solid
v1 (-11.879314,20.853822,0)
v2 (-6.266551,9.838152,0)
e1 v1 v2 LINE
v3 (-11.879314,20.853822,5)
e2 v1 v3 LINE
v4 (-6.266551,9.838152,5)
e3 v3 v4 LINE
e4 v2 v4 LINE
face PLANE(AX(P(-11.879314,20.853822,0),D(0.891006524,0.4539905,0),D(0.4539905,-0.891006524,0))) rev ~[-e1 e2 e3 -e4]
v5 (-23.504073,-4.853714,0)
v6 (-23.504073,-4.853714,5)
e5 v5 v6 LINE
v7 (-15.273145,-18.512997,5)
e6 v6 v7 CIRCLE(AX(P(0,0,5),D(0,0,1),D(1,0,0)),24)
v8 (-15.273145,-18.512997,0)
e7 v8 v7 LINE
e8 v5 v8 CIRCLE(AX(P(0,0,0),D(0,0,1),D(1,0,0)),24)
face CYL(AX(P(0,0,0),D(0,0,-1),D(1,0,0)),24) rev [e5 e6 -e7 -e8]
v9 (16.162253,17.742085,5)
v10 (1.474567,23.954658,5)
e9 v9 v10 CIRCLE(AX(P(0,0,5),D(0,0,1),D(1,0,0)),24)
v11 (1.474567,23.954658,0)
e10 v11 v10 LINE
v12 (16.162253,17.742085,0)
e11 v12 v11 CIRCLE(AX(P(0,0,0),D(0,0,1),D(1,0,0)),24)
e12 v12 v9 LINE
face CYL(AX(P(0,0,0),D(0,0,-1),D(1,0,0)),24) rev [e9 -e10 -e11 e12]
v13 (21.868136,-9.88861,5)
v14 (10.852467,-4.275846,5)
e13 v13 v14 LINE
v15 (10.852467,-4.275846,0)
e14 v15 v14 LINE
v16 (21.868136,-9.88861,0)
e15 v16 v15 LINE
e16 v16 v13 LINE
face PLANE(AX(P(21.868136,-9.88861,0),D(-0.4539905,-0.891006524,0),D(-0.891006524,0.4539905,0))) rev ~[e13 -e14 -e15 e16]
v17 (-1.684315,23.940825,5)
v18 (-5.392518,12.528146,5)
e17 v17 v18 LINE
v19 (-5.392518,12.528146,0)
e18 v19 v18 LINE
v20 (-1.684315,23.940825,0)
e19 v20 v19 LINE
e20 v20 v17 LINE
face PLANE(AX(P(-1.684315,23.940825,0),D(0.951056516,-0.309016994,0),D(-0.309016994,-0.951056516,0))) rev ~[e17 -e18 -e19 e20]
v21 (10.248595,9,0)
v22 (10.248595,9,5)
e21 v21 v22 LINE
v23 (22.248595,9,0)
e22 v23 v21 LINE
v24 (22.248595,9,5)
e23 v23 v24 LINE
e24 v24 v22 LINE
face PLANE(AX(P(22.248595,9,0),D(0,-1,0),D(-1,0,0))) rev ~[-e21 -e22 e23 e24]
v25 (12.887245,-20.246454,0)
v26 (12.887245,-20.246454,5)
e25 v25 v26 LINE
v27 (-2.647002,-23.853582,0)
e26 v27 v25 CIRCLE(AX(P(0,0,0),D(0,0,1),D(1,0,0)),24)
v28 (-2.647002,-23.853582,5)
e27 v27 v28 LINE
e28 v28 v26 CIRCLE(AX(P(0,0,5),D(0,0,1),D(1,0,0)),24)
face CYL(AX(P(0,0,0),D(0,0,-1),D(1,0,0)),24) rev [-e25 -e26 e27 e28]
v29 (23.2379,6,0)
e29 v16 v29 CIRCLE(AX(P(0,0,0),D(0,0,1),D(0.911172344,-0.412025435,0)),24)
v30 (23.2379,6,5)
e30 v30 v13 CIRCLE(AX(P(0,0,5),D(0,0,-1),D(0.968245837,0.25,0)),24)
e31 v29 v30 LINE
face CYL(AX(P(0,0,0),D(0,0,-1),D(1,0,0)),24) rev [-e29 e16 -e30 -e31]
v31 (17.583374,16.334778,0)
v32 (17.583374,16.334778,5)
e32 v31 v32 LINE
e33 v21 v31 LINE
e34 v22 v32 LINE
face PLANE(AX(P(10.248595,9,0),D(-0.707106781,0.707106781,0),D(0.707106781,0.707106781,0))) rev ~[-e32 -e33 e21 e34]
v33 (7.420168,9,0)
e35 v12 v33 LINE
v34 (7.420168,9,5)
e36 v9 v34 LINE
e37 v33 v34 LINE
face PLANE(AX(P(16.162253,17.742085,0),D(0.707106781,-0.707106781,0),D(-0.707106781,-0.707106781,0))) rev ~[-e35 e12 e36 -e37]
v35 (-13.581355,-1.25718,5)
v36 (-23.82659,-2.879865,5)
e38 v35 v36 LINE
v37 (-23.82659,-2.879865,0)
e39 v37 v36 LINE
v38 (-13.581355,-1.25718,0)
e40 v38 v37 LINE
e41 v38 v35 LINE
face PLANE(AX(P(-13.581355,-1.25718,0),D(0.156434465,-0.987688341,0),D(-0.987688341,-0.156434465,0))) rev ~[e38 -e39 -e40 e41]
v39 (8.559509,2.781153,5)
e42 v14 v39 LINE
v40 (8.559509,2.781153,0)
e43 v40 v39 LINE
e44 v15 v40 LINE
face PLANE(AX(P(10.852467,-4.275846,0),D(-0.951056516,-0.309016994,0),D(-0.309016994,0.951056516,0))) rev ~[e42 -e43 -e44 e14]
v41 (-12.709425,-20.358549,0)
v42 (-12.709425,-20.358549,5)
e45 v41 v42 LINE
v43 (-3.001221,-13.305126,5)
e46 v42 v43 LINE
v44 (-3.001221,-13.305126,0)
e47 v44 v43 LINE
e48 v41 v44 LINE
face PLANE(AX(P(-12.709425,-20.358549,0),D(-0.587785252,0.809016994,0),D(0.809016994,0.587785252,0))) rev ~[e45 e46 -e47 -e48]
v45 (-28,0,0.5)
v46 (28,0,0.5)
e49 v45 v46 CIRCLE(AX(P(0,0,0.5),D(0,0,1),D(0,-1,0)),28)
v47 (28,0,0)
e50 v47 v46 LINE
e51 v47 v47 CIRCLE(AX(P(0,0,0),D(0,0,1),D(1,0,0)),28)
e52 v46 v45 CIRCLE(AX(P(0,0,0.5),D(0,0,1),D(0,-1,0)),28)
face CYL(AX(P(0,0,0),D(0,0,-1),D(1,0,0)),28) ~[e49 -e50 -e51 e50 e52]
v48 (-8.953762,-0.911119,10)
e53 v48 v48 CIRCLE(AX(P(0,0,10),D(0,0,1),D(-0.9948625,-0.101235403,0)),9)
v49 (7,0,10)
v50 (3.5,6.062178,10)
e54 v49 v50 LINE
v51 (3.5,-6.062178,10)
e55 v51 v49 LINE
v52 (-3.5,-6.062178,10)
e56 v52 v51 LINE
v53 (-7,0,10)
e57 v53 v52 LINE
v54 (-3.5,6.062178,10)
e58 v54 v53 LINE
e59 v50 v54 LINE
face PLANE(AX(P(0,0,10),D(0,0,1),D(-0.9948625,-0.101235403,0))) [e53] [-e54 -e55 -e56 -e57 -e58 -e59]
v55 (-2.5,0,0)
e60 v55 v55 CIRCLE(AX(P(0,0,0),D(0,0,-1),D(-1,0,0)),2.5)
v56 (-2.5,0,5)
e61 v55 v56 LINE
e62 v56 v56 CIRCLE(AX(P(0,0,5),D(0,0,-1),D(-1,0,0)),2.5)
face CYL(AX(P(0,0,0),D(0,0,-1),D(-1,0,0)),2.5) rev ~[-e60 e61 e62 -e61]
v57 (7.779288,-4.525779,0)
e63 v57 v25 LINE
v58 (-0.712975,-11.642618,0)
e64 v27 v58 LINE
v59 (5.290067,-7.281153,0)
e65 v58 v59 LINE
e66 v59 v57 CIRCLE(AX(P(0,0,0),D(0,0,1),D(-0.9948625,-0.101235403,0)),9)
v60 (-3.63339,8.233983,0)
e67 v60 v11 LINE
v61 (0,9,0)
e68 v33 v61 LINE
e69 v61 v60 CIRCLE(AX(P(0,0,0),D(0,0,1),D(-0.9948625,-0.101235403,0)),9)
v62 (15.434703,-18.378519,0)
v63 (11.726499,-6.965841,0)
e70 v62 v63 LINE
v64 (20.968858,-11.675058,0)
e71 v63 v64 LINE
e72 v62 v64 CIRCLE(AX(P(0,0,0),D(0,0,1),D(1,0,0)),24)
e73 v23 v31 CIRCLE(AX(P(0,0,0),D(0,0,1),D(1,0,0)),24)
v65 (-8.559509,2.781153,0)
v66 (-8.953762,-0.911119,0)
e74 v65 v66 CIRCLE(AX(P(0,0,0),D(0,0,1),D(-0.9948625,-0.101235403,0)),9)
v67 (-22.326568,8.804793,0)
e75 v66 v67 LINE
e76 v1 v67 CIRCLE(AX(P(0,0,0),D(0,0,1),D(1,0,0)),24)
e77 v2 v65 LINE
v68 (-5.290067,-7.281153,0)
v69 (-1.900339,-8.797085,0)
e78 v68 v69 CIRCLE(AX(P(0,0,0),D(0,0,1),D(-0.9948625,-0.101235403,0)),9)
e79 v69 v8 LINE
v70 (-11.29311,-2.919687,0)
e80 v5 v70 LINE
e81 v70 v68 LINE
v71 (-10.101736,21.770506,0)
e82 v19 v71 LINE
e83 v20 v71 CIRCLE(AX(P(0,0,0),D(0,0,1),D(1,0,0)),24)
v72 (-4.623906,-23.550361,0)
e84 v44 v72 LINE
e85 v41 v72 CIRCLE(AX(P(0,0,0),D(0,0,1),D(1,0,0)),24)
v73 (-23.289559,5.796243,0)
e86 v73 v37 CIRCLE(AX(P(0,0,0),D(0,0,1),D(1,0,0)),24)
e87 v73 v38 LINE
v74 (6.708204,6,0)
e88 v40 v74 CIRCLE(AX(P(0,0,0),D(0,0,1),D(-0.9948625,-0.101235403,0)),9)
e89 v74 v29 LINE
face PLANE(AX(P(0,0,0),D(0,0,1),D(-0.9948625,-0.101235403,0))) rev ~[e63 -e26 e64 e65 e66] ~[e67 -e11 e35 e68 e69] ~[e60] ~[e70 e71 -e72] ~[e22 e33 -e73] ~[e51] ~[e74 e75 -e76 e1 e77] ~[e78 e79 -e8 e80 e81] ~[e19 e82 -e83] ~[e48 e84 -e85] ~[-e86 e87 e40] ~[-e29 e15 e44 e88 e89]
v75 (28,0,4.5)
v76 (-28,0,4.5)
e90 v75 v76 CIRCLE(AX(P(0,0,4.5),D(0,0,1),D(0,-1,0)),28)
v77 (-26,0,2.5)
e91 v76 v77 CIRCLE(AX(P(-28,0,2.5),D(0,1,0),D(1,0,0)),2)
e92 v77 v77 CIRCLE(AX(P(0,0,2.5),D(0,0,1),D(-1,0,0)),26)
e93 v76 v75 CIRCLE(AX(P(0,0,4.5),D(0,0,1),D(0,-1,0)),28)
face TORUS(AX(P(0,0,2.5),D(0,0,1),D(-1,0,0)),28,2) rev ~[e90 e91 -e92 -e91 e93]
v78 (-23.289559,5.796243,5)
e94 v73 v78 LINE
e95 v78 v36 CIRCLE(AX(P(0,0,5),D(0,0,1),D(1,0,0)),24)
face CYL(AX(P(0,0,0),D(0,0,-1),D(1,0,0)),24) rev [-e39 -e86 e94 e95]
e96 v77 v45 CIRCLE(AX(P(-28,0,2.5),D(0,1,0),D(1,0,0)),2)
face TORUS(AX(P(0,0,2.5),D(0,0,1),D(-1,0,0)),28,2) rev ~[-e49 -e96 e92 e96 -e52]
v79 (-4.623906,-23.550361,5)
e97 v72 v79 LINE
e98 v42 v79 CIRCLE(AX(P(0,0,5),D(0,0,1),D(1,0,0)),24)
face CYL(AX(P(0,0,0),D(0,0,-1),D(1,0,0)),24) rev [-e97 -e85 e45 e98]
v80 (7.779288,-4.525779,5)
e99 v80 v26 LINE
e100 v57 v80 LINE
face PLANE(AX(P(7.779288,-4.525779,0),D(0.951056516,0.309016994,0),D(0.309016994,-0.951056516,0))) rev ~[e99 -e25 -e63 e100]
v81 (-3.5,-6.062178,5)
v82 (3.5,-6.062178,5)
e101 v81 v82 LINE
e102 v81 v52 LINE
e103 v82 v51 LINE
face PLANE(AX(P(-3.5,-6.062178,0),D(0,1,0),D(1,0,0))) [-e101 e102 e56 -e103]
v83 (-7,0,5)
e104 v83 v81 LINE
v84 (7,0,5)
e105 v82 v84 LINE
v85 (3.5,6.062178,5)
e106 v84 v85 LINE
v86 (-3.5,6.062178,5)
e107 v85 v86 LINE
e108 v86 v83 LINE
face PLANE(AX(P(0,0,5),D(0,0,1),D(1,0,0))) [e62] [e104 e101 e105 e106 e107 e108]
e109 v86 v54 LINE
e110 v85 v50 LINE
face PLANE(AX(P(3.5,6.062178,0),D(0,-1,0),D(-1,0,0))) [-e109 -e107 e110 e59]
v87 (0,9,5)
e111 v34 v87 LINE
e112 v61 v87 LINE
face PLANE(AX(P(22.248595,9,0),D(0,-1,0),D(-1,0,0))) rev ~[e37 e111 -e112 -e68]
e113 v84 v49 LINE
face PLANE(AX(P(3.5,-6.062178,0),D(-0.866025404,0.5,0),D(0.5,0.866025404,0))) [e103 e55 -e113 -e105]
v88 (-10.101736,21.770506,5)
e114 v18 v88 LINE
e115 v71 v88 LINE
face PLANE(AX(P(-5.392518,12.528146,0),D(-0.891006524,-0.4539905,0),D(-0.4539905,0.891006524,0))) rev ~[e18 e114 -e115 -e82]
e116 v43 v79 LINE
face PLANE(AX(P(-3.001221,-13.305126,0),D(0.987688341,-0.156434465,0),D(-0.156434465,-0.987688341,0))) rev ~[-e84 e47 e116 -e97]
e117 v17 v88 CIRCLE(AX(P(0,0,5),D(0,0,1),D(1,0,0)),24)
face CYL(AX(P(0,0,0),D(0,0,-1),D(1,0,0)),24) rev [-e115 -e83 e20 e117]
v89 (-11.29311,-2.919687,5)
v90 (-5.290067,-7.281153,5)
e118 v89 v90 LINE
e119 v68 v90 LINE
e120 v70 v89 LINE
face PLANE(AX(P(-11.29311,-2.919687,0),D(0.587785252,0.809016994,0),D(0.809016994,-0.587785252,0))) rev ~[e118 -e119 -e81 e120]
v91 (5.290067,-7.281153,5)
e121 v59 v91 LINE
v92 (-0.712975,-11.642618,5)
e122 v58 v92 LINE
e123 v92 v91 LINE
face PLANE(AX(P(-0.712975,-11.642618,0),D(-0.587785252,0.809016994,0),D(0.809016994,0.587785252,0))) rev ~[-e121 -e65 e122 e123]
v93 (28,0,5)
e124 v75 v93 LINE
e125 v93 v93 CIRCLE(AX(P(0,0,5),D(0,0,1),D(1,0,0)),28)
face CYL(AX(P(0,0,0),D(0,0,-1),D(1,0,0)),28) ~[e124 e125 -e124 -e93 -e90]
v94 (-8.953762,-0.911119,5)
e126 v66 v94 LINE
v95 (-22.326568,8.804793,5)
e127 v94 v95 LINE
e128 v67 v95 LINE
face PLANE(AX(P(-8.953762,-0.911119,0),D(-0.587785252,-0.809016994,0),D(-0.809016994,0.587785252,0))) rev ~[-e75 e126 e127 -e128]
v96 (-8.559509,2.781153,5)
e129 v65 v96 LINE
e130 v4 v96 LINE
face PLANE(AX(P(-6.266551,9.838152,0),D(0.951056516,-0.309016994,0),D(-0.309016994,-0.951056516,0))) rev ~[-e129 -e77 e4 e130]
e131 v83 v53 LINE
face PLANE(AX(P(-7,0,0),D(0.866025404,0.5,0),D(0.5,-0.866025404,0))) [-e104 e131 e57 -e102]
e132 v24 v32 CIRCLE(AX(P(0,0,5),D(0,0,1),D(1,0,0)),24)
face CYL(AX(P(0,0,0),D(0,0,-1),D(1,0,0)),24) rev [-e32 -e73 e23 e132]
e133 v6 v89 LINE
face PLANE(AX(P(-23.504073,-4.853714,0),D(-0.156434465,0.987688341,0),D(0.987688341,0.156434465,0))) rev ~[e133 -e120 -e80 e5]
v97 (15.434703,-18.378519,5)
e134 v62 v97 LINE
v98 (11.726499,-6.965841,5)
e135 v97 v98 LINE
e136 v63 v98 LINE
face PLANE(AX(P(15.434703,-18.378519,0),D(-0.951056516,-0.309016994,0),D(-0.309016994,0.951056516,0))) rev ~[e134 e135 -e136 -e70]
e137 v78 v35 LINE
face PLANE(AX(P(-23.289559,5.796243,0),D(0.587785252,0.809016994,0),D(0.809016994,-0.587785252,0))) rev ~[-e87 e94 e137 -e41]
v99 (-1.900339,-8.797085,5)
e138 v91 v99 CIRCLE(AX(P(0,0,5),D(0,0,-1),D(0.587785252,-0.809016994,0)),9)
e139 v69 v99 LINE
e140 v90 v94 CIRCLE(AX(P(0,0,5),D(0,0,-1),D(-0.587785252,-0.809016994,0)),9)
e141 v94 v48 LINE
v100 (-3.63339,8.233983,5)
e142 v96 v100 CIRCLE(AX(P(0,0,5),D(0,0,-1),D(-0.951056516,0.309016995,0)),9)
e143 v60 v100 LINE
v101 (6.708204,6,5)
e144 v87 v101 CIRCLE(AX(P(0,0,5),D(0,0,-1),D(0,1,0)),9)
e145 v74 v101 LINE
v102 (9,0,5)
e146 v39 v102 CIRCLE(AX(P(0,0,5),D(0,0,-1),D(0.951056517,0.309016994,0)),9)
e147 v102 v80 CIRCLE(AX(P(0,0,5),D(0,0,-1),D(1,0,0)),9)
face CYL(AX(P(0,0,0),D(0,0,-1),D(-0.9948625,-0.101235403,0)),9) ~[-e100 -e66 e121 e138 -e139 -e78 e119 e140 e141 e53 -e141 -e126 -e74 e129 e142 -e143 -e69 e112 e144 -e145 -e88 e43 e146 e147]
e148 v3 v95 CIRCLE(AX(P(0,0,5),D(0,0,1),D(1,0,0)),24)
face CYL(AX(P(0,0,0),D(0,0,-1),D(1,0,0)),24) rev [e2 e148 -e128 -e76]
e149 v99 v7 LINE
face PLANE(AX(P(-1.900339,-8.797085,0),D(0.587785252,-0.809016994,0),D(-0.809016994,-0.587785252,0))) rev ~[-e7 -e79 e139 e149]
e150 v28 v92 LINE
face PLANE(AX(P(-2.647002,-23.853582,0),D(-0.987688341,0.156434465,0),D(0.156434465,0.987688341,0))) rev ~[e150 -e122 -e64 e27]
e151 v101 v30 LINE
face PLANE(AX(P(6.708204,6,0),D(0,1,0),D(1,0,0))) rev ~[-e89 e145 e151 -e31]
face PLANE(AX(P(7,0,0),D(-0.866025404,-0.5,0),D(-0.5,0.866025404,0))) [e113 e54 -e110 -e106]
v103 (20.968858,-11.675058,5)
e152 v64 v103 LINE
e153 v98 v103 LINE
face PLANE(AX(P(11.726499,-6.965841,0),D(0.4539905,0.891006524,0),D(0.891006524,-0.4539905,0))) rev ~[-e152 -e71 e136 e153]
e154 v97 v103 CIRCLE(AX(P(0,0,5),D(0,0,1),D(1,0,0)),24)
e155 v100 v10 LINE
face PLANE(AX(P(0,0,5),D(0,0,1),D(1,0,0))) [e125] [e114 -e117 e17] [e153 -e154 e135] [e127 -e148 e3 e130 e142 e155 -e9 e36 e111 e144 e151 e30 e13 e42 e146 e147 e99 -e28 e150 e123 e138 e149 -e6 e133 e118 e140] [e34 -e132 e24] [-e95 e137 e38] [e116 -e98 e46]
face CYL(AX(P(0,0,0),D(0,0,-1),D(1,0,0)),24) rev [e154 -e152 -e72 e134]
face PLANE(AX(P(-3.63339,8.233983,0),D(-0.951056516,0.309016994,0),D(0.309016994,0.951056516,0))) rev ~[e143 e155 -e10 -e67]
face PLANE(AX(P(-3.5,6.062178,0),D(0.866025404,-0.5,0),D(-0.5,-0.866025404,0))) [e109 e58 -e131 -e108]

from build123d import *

# Parameters (mm, degrees)
SKETCH_1_R          = 28
SKETCH_1_R_2        = 24
EXTRUDE_1_DEPTH     = 5
SKETCH_1_3_R        = 9
EXTRUDE_2_DEPTH     = 10
SKETCH_2_R          = 2.5
CUT_EXTRUDE_1_DEPTH = 41.841155713
SKETCH_3_R          = 2


with BuildPart() as part:
    # 草图1 → 凸台-拉伸1 (new body)
    # profile 1 of 12: a face of its own
    with BuildSketch(Plane.XY):
        Circle(SKETCH_1_R)
        Circle(SKETCH_1_R_2, mode=Mode.SUBTRACT)
    # profile 2 of 12: a face of its own
    with BuildSketch(Plane.XY):
        with BuildLine():
            Line((-11.87931448, 20.853821892), (-6.26655053, 9.838152398))
            Line((-6.26655053, 9.838152398), (-5.392518481, 12.528146446))
            Line((-5.392518481, 12.528146446), (-10.101735892, 21.770506011))
            ThreePointArc((-10.101735892, 21.770506011), (-11.000078241, 21.33068866), (-11.87931448, 20.853821892))
        make_face()
    # profile 3 of 12: a face of its own
    with BuildSketch(Plane.XY):
        with BuildLine():
            ThreePointArc((-8.559508647, 2.781152949), (-6.678325674, 6.033238449), (-3.633390081, 8.233983029))
            Line((-3.633390081, 8.233983029), (1.47456694, 23.95465826))
            ThreePointArc((1.47456694, 23.95465826), (-0.105101651, 23.999769866), (-1.684314548, 23.940824641))
            Line((-1.684314548, 23.940824641), (-5.392518481, 12.528146446))
            Line((-5.392518481, 12.528146446), (-6.26655053, 9.838152398))
            Line((-6.26655053, 9.838152398), (-8.559508647, 2.781152949))
        make_face()
    # profile 4 of 12: a face of its own
    with BuildSketch(Plane.XY):
        with BuildLine():
            Line((16.162253144, 17.742084807), (7.420168337, 9))
            Line((7.420168337, 9), (10.248595461, 9))
            Line((10.248595461, 9), (17.583373541, 16.33477808))
            ThreePointArc((17.583373541, 16.33477808), (16.887479331, 17.053241388), (16.162253144, 17.742084807))
        make_face()
    # profile 5 of 12: a face of its own
    with BuildSketch(Plane.XY):
        with BuildLine():
            Line((7.420168337, 9), (0, 9))
            ThreePointArc((0, 9), (3.674234614, 8.215838363), (6.708203932, 6))
            Line((6.708203932, 6), (23.237900077, 6))
            ThreePointArc((23.237900077, 6), (22.792659325, 7.51629436), (22.248595461, 9))
            Line((22.248595461, 9), (10.248595461, 9))
            Line((10.248595461, 9), (7.420168337, 9))
        make_face()
    # profile 6 of 12: a face of its own
    with BuildSketch(Plane.XY):
        with BuildLine():
            Line((10.852466764, -4.275846499), (8.559508647, 2.781152949))
            ThreePointArc((8.559508647, 2.781152949), (8.889195065, 1.407910185), (9, 0))
            ThreePointArc((9, 0), (8.689464685, -2.34375841), (7.779288115, -4.525779096))
            Line((7.779288115, -4.525779096), (12.887245135, -20.246454327))
            ThreePointArc((12.887245135, -20.246454327), (14.191739808, -19.354444483), (15.434702745, -18.378518742))
            Line((15.434702745, -18.378518742), (11.726498813, -6.965840547))
            Line((11.726498813, -6.965840547), (10.852466764, -4.275846499))
        make_face()
    # profile 7 of 12: a face of its own
    with BuildSketch(Plane.XY):
        with BuildLine():
            Line((21.868136258, -9.888610449), (10.852466764, -4.275846499))
            Line((10.852466764, -4.275846499), (11.726498813, -6.965840547))
            Line((11.726498813, -6.965840547), (20.968858378, -11.675057959))
            ThreePointArc((20.968858378, -11.675057959), (21.437114452, -10.791205863), (21.868136258, -9.888610449))
        make_face()
    # profile 8 of 12: a face of its own
    with BuildSketch(Plane.XY):
        with BuildLine():
            Line((-0.712975015, -11.642618467), (5.290067271, -7.281152949))
            ThreePointArc((5.290067271, -7.281152949), (1.856630381, -8.806413778), (-1.900339469, -8.797085307))
            Line((-1.900339469, -8.797085307), (-15.273144562, -18.512996926))
            ThreePointArc((-15.273144562, -18.512996926), (-14.021681764, -19.477998884), (-12.709424559, -20.358549246))
            Line((-12.709424559, -20.358549246), (-3.001220626, -13.305126218))
            Line((-3.001220626, -13.305126218), (-0.712975015, -11.642618467))
        make_face()
    # profile 9 of 12: a face of its own
    with BuildSketch(Plane.XY):
        with BuildLine():
            ThreePointArc((-4.623906358, -23.550360719), (-3.638613979, -23.722573391), (-2.647001666, -23.853582167))
            Line((-2.647001666, -23.853582167), (-0.712975015, -11.642618467))
            Line((-0.712975015, -11.642618467), (-3.001220626, -13.305126218))
            Line((-3.001220626, -13.305126218), (-4.623906358, -23.550360719))
        make_face()
    # profile 10 of 12: a face of its own
    with BuildSketch(Plane.XY):
        with BuildLine():
            Line((-23.504073256, -4.853714083), (-11.293109556, -2.919687432))
            Line((-11.293109556, -2.919687432), (-13.581355167, -1.257179681))
            Line((-13.581355167, -1.257179681), (-23.826589668, -2.879865413))
            ThreePointArc((-23.826589668, -2.879865413), (-23.685901563, -3.870150793), (-23.504073256, -4.853714083))
        make_face()
    # profile 11 of 12: a face of its own
    with BuildSketch(Plane.XY):
        with BuildLine():
            ThreePointArc((-5.290067271, -7.281152949), (-7.801666869, -4.487091939), (-8.953762497, -0.911118625))
            Line((-8.953762497, -0.911118625), (-22.32656759, 8.804792993))
            ThreePointArc((-22.32656759, 8.804792993), (-22.857615717, 7.31637914), (-23.2895591, 5.796243347))
            Line((-23.2895591, 5.796243347), (-13.581355167, -1.257179681))
            Line((-13.581355167, -1.257179681), (-11.293109556, -2.919687432))
            Line((-11.293109556, -2.919687432), (-5.290067271, -7.281152949))
        make_face()
    # profile 12 of 12: a face of its own
    with BuildSketch(Plane.XY):
        Polygon((7, 0), (3.5, 6.062177826), (-3.5, 6.062177826), (-7, 0), (-3.5, -6.062177826), (3.5, -6.062177826), align=None)
    extrude(amount=EXTRUDE_1_DEPTH)

    # 草图1<3> → 凸台-拉伸2 (add)
    with BuildSketch(Plane.XY):
        with Locations(Location((0, 0, 0), (0, 0, 185.810314896))):
            Circle(SKETCH_1_3_R)
        Polygon((3.5, 6.062177826), (-3.5, 6.062177826), (-7, 0), (-3.5, -6.062177826), (3.5, -6.062177826), (7, 0), align=None, mode=Mode.SUBTRACT)
    extrude(amount=EXTRUDE_2_DEPTH)

    # 草图2 → 切除-拉伸1 (cut, through all)
    with BuildSketch(Plane(origin=(0, 0, 0), x_dir=(-1, 0, 0), z_dir=(0, 0, -1))):
        Circle(SKETCH_2_R)
    extrude(amount=-CUT_EXTRUDE_1_DEPTH, mode=Mode.SUBTRACT)

    # 草图3 → 切除-旋转1 (revolve, cut)
    with BuildSketch(Plane(origin=(0, 0, 0), x_dir=(1, 0, 0), z_dir=(0, 1, 0))):
        with Locations((-28, -2.5)):
            Circle(SKETCH_3_R)
    revolve(axis=Axis((0, 0, 0), (0, 0, 1)), mode=Mode.SUBTRACT)


solid = part.part
